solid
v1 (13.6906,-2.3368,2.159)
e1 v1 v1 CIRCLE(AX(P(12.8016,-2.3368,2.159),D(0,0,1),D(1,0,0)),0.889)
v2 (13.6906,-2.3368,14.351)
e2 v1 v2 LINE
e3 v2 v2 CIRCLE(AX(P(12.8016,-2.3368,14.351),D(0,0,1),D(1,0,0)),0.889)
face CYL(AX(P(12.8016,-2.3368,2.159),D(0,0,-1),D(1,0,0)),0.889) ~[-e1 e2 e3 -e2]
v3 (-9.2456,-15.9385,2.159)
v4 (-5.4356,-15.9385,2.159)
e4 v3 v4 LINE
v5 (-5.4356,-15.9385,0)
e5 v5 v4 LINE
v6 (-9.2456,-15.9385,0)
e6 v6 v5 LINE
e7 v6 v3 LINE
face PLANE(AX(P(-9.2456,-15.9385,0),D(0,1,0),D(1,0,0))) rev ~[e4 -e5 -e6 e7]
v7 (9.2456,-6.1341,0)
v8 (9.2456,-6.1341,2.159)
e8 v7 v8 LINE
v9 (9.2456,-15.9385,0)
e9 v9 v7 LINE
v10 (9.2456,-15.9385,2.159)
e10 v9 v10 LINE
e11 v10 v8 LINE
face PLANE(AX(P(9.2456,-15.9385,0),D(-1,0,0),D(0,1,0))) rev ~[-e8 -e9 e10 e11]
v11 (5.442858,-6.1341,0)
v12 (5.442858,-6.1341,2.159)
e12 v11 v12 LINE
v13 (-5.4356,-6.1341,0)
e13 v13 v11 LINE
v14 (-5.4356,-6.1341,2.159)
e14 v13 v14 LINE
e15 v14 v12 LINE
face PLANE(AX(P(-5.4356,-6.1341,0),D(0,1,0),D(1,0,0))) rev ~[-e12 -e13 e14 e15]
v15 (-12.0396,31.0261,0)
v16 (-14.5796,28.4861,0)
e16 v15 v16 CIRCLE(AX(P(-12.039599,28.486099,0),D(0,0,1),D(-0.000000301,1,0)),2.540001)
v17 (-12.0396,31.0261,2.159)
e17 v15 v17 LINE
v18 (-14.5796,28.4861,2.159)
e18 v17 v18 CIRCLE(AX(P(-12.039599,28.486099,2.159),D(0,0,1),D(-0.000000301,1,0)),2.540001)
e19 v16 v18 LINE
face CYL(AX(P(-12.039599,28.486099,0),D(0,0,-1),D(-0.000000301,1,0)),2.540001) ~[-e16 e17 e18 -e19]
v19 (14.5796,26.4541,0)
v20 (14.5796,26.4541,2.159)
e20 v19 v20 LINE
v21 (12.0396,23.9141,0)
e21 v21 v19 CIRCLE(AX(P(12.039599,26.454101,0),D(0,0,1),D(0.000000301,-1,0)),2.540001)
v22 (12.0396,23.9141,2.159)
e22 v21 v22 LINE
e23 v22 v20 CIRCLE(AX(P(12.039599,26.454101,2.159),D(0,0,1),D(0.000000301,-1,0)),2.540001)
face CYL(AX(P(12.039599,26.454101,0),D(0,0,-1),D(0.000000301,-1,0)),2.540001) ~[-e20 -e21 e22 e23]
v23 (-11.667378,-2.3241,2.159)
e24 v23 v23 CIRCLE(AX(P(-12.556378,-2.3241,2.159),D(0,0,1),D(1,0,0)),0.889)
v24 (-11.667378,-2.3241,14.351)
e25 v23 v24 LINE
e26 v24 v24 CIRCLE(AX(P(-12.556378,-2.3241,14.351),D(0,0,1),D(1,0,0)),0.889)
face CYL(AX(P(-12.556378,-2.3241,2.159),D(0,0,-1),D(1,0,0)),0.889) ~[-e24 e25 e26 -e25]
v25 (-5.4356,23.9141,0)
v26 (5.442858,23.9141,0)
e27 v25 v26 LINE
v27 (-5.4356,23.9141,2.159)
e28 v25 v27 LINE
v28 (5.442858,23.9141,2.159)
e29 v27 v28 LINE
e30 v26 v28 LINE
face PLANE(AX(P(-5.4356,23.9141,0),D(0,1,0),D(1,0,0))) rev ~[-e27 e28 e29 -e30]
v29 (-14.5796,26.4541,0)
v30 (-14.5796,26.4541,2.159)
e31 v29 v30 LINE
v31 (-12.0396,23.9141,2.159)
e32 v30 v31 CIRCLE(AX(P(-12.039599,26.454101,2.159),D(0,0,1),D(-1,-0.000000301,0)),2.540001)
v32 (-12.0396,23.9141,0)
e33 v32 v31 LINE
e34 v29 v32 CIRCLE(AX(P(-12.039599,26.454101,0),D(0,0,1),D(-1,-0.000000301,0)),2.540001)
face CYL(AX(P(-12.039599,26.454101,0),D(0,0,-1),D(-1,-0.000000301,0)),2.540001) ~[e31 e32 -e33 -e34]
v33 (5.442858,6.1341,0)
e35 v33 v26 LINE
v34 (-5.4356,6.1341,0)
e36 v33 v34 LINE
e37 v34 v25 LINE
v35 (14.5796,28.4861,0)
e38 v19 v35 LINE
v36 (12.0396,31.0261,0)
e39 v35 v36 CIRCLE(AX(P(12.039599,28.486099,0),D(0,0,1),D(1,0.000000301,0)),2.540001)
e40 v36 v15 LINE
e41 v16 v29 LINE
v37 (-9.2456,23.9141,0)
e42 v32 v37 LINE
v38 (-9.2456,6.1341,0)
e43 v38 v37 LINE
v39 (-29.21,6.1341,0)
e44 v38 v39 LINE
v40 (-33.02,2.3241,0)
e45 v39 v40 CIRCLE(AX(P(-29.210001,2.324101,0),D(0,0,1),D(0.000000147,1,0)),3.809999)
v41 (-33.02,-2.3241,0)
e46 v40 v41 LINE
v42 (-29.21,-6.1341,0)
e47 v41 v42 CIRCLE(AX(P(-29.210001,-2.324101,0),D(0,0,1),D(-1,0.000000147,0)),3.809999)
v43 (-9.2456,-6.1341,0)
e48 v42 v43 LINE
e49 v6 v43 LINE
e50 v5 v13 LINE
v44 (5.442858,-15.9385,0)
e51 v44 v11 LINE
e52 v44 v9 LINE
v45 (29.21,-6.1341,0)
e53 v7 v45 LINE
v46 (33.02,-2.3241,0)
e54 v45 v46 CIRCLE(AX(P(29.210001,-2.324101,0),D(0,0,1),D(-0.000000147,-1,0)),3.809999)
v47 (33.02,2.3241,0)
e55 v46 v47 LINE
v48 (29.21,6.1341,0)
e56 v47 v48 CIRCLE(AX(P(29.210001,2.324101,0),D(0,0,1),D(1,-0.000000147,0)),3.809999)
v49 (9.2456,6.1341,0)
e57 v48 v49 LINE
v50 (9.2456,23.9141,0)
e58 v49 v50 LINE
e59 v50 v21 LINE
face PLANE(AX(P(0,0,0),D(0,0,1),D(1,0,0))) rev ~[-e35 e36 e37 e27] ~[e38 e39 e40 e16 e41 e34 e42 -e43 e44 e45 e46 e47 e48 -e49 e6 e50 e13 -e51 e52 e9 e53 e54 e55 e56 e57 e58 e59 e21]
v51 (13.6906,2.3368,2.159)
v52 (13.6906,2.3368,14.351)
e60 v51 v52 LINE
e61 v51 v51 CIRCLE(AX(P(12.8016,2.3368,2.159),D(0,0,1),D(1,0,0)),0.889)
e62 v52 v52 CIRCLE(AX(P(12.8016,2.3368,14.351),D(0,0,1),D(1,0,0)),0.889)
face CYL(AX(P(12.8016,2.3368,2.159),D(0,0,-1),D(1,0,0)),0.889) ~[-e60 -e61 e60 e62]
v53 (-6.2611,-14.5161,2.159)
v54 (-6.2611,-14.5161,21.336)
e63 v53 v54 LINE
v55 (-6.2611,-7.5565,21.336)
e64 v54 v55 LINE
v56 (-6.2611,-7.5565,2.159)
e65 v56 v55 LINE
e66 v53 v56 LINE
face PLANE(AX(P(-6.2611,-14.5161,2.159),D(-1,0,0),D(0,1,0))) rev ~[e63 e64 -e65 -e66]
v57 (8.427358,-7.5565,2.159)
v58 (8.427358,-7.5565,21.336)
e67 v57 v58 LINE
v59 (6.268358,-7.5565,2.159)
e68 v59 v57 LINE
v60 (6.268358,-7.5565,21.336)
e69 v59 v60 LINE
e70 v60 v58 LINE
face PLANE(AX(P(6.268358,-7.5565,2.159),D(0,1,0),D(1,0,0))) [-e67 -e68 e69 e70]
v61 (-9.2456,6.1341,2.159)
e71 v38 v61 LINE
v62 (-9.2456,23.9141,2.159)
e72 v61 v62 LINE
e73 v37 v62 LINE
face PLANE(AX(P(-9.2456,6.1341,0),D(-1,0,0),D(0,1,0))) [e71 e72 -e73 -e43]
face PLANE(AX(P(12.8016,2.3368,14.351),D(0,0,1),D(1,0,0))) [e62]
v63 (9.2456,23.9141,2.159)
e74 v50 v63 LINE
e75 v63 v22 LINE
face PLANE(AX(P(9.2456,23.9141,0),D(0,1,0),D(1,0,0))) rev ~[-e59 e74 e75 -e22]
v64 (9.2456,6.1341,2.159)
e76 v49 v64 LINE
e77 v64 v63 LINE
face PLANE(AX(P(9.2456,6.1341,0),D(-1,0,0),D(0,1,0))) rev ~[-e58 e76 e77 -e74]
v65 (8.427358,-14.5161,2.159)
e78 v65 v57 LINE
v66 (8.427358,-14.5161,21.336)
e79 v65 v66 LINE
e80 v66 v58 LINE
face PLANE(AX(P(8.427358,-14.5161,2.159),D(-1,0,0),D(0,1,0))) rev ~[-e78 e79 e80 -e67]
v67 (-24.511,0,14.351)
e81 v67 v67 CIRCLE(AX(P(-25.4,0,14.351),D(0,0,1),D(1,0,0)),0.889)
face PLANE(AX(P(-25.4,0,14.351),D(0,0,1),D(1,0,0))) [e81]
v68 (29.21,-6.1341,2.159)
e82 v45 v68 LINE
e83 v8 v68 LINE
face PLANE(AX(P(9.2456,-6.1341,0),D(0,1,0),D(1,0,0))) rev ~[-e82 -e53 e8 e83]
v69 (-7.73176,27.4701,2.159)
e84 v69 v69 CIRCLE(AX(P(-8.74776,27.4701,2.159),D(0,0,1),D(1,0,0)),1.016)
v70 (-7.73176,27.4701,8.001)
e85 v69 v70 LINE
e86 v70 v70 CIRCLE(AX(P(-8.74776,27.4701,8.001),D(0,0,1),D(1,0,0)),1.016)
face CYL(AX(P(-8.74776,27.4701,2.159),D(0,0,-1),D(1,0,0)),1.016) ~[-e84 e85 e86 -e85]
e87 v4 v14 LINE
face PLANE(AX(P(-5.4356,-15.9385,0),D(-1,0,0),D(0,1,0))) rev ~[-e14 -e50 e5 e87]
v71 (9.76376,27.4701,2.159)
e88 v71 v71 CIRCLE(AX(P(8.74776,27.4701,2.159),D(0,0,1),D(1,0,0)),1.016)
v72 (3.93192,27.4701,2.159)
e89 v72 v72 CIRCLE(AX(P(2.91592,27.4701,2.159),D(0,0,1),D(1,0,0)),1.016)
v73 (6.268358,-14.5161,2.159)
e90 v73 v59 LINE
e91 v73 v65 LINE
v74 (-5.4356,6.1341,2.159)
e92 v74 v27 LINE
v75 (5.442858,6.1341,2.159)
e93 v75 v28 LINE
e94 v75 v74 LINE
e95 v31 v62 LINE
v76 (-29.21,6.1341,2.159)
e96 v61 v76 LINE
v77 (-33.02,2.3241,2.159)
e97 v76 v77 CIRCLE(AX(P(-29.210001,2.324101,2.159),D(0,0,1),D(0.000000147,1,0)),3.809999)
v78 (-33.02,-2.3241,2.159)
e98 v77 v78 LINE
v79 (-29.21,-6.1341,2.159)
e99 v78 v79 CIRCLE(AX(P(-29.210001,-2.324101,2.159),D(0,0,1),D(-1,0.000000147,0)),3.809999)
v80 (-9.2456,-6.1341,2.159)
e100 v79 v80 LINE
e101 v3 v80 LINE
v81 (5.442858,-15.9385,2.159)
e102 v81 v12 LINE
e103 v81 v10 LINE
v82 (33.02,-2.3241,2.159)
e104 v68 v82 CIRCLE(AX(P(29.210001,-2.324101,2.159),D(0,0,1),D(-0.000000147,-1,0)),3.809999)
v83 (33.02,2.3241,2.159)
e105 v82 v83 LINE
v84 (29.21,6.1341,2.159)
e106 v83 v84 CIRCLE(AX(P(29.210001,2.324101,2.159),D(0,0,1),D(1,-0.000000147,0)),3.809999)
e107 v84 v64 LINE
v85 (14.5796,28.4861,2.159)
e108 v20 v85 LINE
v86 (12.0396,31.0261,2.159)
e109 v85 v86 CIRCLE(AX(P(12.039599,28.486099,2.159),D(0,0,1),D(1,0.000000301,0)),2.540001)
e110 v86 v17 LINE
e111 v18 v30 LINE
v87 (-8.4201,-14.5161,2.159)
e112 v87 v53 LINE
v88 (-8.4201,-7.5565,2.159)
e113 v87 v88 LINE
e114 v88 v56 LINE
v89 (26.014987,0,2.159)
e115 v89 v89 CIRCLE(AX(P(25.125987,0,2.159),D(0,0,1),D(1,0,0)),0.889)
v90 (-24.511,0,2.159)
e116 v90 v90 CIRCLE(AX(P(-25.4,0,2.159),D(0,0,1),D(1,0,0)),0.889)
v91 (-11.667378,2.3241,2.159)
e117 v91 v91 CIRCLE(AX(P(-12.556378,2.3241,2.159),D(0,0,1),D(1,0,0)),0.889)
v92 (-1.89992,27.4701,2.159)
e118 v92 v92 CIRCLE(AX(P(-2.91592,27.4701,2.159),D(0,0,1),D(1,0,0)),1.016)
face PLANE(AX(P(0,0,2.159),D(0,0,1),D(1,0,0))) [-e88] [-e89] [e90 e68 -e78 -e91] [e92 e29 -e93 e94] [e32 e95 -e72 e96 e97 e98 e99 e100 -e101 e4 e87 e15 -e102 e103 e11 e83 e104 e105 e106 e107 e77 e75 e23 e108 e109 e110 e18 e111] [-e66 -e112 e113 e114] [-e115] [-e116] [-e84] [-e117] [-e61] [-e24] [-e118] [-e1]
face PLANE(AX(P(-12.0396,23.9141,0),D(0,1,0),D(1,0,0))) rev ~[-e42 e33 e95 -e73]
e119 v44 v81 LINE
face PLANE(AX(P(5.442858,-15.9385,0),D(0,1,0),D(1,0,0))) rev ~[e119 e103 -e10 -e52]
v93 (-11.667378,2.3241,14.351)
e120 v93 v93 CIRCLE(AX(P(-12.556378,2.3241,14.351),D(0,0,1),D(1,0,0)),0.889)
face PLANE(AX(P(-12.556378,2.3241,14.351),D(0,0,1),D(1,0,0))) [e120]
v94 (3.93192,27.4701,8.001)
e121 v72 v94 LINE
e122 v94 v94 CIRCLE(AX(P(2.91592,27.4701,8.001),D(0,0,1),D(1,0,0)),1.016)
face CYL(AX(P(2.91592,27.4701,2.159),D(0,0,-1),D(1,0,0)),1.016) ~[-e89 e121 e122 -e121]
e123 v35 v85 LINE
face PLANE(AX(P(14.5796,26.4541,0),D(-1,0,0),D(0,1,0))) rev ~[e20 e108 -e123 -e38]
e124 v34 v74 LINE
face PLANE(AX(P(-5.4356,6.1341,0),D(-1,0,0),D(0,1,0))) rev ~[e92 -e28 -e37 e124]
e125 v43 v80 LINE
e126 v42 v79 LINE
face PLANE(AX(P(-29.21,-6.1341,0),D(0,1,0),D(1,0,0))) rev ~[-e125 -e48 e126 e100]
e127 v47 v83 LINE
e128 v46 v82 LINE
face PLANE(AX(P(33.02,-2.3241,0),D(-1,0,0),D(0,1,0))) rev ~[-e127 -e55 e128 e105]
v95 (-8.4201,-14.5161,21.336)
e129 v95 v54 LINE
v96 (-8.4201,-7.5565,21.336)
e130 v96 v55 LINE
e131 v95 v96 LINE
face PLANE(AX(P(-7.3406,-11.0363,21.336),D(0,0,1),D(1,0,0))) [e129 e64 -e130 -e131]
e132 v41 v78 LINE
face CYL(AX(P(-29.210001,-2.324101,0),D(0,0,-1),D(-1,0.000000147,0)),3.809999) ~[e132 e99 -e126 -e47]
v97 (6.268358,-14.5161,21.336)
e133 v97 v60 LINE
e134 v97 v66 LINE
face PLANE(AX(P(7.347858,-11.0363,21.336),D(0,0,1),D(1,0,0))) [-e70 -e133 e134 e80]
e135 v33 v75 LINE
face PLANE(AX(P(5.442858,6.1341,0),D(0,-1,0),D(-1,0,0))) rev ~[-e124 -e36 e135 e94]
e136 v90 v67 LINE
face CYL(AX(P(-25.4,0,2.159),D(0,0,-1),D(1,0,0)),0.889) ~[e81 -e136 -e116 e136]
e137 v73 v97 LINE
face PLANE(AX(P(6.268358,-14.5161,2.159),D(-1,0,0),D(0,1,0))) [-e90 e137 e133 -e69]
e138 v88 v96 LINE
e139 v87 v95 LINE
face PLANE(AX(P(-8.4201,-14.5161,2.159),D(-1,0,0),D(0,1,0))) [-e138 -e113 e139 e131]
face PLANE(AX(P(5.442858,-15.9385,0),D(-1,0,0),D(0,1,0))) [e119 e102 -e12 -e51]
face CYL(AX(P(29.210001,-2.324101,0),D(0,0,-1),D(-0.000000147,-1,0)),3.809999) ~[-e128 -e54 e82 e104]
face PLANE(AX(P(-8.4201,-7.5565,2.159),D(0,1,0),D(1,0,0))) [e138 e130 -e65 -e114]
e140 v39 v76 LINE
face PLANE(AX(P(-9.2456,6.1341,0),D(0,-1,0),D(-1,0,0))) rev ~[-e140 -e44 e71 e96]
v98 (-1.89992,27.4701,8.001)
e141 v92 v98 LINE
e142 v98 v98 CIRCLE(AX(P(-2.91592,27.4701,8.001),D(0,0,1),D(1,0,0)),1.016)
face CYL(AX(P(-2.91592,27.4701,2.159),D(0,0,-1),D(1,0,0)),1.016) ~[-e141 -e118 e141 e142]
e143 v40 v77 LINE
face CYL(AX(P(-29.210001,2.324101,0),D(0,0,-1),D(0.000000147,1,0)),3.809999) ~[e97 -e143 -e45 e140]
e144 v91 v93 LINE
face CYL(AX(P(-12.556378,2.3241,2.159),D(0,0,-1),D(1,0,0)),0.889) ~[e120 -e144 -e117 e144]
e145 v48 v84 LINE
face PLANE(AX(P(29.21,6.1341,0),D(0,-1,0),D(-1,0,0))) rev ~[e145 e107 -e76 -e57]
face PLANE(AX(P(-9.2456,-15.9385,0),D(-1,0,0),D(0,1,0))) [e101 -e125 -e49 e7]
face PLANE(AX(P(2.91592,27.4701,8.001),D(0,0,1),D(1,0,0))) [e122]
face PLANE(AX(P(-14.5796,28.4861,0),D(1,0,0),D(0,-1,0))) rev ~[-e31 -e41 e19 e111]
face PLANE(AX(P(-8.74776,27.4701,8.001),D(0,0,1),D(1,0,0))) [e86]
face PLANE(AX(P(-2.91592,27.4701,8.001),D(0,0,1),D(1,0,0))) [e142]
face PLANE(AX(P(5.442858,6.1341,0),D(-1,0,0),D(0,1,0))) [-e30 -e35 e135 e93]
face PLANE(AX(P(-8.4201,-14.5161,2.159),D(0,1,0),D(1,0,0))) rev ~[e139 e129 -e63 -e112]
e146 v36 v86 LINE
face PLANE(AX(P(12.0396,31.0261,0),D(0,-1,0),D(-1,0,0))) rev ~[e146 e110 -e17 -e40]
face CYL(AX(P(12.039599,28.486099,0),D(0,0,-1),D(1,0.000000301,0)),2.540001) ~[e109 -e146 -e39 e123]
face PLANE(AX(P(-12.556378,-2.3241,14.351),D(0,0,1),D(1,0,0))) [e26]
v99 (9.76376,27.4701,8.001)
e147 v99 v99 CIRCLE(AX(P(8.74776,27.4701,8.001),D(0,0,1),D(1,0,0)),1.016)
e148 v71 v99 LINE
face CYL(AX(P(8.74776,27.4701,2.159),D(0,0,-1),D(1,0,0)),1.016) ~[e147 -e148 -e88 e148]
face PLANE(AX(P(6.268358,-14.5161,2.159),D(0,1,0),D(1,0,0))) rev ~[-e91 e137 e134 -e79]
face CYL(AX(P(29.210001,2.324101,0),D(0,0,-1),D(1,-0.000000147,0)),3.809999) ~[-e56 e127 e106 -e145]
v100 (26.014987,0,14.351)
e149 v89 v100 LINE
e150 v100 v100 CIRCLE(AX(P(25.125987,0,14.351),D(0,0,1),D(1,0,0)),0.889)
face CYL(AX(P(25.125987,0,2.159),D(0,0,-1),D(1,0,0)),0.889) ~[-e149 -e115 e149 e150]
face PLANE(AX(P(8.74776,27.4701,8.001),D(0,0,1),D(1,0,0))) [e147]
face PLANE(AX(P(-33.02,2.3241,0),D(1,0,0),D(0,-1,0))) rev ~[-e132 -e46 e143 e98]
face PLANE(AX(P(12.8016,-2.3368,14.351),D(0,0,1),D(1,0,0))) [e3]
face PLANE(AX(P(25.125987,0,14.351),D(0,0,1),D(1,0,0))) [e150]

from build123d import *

# Parameters (mm, degrees)
F0_W     = 3.81
F0_H     = 17.78
F0_W_2   = 3.802742
F0_H_2   = 9.8044
F1_DEPTH = 2.159
F2_R     = 0.889
F3_DEPTH = 12.192
F4_R     = 1.016
F5_DEPTH = 5.842
F6_W     = 2.159
F6_H     = 6.9596
F7_DEPTH = 19.177


with BuildPart() as f1:
    # F0 (on Top) → F1 (new body)
    with BuildSketch(Plane.XY):
        with BuildLine():
            Line((9.2456, -6.1341), (29.21, -6.1341))
            ThreePointArc((29.21, -6.1341), (31.904077, -5.018177), (33.02, -2.3241))
            Line((33.02, -2.3241), (33.02, 2.3241))
            ThreePointArc((33.02, 2.3241), (31.904077, 5.018177), (29.21, 6.1341))
            Line((29.21, 6.1341), (9.2456, 6.1341))
            Line((9.2456, 6.1341), (5.442858, 6.1341))
            Line((5.442858, 6.1341), (-5.4356, 6.1341))
            Line((-5.4356, 6.1341), (-9.2456, 6.1341))
            Line((-9.2456, 6.1341), (-29.21, 6.1341))
            ThreePointArc((-29.21, 6.1341), (-31.904077, 5.018177), (-33.02, 2.3241))
            Line((-33.02, 2.3241), (-33.02, -2.3241))
            ThreePointArc((-33.02, -2.3241), (-31.904077, -5.018177), (-29.21, -6.1341))
            Line((-29.21, -6.1341), (-9.2456, -6.1341))
            Line((-9.2456, -6.1341), (-5.4356, -6.1341))
            Line((-5.4356, -6.1341), (5.442858, -6.1341))
            Line((5.442858, -6.1341), (9.2456, -6.1341))
        make_face()
        with Locations((-7.3406, 15.0241)):
            Rectangle(F0_W, F0_H)
        with BuildLine():
            Line((5.442858, 23.9141), (9.2456, 23.9141))
            Line((9.2456, 23.9141), (12.0396, 23.9141))
            ThreePointArc((12.0396, 23.9141), (13.835651, 24.658049), (14.5796, 26.4541))
            Line((14.5796, 26.4541), (14.5796, 28.4861))
            ThreePointArc((14.5796, 28.4861), (13.835651, 30.282151), (12.0396, 31.0261))
            Line((12.0396, 31.0261), (-12.0396, 31.0261))
            ThreePointArc((-12.0396, 31.0261), (-13.835651, 30.282151), (-14.5796, 28.4861))
            Line((-14.5796, 28.4861), (-14.5796, 26.4541))
            ThreePointArc((-14.5796, 26.4541), (-13.835651, 24.658049), (-12.0396, 23.9141))
            Line((-12.0396, 23.9141), (-9.2456, 23.9141))
            Line((-9.2456, 23.9141), (-5.4356, 23.9141))
            Line((-5.4356, 23.9141), (0, 23.9141))
            Line((0, 23.9141), (5.442858, 23.9141))
        make_face()
        with Locations((7.344229, 15.0241)):
            Rectangle(F0_W_2, F0_H)
        with Locations((7.344229, -11.0363)):
            Rectangle(F0_W_2, F0_H_2)
        with Locations((-7.3406, -11.0363)):
            Rectangle(F0_W, F0_H_2)
    extrude(amount=F1_DEPTH)

    # F2 (on face) → F3 (join)
    with BuildSketch(Plane.XY.offset(2.159)):
        with Locations((-25.4, 0)):
            Circle(F2_R)
        with Locations((-12.556378, -2.3241)):
            Circle(F2_R)
        with Locations((-12.556378, 2.3241)):
            Circle(F2_R)
        with Locations((25.125987, 0)):
            Circle(F2_R)
        with Locations((12.8016, 2.3368)):
            Circle(F2_R)
        with Locations((12.8016, -2.3368)):
            Circle(F2_R)
    extrude(amount=F3_DEPTH)

    # F4 (on face) → F5 (join)
    with BuildSketch(Plane.XY.offset(2.159)):
        with Locations((-8.74776, 27.4701)):
            Circle(F4_R)
        with Locations((-2.91592, 27.4701)):
            Circle(F4_R)
        with Locations((2.91592, 27.4701)):
            Circle(F4_R)
        with Locations((8.74776, 27.4701)):
            Circle(F4_R)
    extrude(amount=F5_DEPTH)

    # F6 (on face) → F7 (join)
    with BuildSketch(Plane.XY.offset(2.159)):
        with Locations((-7.3406, -11.0363)):
            Rectangle(F6_W, F6_H)
        with Locations((7.347858, -11.0363)):
            Rectangle(F6_W, F6_H)
    extrude(amount=F7_DEPTH)


solid = f1.part
